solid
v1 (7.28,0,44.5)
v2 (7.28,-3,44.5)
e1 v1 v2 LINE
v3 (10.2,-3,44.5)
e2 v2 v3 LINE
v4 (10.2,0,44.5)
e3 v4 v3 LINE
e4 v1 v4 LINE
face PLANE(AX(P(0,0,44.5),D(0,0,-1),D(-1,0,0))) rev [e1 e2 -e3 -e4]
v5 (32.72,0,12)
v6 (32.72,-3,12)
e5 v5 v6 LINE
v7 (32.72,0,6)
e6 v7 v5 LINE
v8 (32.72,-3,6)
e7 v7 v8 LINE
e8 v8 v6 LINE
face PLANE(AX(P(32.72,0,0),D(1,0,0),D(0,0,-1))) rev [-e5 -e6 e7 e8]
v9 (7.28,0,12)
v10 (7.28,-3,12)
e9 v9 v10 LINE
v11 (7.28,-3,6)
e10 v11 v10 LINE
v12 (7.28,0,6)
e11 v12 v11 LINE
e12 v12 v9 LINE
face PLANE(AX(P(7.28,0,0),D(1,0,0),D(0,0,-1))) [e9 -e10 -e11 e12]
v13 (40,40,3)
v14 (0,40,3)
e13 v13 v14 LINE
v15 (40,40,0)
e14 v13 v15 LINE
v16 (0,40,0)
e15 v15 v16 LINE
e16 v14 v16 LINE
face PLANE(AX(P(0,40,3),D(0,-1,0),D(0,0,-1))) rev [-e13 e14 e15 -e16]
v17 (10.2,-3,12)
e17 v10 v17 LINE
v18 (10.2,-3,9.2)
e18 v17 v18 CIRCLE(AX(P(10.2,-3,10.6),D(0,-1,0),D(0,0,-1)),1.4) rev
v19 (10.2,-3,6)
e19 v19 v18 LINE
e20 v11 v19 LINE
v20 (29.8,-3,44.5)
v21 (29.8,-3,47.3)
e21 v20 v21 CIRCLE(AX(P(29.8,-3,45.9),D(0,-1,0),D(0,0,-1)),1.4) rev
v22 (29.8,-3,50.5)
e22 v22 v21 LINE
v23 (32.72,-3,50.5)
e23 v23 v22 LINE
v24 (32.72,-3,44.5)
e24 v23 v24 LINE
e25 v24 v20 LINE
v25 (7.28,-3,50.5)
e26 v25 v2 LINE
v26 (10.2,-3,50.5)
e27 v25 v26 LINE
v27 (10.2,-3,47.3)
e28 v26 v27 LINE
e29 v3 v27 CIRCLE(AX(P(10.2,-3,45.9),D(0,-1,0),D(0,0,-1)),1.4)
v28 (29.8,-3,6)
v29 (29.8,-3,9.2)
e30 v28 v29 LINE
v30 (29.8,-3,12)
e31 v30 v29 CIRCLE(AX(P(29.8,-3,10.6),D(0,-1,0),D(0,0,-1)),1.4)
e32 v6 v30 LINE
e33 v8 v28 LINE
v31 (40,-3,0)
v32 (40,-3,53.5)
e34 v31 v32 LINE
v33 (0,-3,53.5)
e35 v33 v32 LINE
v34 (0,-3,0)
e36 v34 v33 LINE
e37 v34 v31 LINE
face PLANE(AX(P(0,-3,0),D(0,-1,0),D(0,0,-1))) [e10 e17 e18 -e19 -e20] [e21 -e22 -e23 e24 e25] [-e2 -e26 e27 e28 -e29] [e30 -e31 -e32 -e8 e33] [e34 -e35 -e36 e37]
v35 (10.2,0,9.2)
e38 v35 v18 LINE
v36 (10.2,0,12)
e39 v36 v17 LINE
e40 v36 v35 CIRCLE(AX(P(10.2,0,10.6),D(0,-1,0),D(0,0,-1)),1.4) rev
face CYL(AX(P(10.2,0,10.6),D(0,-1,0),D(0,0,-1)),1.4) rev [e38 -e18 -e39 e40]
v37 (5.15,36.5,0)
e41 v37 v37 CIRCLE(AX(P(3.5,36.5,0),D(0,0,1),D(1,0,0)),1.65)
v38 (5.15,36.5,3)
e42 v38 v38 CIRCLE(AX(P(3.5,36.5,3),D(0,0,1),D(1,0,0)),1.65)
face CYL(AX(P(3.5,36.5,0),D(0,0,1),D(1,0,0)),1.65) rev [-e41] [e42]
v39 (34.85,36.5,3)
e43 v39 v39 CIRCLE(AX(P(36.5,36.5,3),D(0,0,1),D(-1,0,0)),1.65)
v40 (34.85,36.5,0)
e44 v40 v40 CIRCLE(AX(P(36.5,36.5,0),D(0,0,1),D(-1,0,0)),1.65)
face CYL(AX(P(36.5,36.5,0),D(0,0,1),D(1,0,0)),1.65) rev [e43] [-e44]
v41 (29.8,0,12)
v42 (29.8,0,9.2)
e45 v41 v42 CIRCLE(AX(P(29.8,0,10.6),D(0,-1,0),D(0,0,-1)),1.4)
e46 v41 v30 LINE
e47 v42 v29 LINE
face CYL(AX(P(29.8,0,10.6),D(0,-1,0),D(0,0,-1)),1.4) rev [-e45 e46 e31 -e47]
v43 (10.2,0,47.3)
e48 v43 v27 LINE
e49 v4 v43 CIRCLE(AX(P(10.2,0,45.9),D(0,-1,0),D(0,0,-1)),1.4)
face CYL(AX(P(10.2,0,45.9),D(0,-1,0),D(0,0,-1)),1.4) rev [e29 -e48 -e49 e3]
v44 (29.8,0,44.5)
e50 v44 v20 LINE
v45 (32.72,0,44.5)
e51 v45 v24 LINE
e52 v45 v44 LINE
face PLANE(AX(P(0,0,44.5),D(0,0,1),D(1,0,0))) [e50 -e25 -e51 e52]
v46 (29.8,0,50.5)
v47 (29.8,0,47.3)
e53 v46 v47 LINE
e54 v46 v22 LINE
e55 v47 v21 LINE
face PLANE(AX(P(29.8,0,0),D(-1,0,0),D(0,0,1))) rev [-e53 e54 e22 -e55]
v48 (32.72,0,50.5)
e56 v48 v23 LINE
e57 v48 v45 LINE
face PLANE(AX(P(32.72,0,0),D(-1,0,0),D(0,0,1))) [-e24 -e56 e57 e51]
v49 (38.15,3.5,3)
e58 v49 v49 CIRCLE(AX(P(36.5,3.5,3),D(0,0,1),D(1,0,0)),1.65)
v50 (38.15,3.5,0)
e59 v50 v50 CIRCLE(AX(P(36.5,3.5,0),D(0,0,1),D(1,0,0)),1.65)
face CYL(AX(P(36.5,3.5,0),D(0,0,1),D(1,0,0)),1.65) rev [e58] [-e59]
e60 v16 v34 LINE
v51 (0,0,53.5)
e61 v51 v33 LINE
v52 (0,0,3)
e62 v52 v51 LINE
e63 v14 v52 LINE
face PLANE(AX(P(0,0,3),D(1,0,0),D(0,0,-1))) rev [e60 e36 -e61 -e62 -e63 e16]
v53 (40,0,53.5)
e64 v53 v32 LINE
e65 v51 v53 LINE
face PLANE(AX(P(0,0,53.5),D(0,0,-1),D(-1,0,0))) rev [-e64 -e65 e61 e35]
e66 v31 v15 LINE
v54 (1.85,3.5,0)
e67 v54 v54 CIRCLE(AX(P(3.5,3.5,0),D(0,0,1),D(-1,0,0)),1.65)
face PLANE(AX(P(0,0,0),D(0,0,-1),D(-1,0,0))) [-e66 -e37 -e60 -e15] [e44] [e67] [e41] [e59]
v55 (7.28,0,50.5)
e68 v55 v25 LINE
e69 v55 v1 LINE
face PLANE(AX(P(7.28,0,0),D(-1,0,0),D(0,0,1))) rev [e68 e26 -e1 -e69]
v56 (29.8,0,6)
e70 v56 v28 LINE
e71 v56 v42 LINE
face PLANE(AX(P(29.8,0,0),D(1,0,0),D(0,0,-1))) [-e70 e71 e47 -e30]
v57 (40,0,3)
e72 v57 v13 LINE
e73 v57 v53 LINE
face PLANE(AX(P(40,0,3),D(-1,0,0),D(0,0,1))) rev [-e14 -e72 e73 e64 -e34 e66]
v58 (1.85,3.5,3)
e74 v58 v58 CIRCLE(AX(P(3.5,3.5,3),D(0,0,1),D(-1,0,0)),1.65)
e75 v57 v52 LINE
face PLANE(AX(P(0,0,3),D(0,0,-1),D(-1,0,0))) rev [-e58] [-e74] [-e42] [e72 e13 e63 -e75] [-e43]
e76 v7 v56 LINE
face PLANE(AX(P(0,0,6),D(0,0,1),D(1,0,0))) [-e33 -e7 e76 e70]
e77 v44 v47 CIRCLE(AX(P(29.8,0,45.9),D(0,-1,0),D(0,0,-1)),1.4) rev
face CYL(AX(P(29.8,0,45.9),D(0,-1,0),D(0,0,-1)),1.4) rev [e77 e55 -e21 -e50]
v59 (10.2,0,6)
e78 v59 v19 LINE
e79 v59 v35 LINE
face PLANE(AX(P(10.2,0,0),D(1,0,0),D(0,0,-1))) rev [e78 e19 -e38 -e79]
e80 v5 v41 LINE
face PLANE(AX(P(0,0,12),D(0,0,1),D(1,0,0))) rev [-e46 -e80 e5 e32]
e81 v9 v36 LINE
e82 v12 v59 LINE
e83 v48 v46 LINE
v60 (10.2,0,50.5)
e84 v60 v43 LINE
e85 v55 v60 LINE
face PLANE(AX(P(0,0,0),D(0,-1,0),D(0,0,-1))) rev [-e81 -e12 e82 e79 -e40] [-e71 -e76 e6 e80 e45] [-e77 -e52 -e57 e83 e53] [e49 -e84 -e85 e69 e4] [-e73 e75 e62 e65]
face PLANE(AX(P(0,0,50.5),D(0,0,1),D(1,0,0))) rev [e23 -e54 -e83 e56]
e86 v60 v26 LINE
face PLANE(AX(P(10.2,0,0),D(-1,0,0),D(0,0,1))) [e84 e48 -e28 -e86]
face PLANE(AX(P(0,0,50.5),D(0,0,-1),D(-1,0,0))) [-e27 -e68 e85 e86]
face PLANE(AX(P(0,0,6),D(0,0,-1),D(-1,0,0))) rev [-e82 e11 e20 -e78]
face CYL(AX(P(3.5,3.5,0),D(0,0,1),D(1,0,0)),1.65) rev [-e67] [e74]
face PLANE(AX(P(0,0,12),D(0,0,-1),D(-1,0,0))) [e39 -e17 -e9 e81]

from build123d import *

# Parameters (mm, degrees)
SKETCH1_W           = 40
SKETCH1_H           = 40
BOSS_EXTRUDE1_DEPTH = 3
SKETCH2_R           = 1.65
CUT_EXTRUDE1_DEPTH  = 3
SKETCH3_W           = 40
SKETCH3_H           = 3
BOSS_EXTRUDE2_DEPTH = 3
SKETCH4_W           = 40
SKETCH4_H           = 50.5
BOSS_EXTRUDE3_DEPTH = 3


with BuildPart() as part:
    # Sketch1 → Boss-Extrude1 (new body)
    with BuildSketch(Plane.XY):
        with Locations((20, 20)):
            Rectangle(SKETCH1_W, SKETCH1_H)
    extrude(amount=BOSS_EXTRUDE1_DEPTH)

    # Sketch2 → Cut-Extrude1 (cut)
    with BuildSketch(Plane.XY.offset(3)):
        with Locations((3.5, 36.5)):
            Circle(SKETCH2_R)
        with Locations(Location((36.5, 36.5, 0), (0, 0, 180))):
            Circle(SKETCH2_R)
        with Locations((36.5, 3.5)):
            Circle(SKETCH2_R)
        with Locations(Location((3.5, 3.5, 0), (0, 0, 180))):
            Circle(SKETCH2_R)
    extrude(amount=-CUT_EXTRUDE1_DEPTH, mode=Mode.SUBTRACT)

    # Sketch3 → Boss-Extrude2 (add)
    with BuildSketch(Plane.XY.offset(3)):
        with Locations((20, -1.5)):
            Rectangle(SKETCH3_W, SKETCH3_H)
    extrude(amount=-BOSS_EXTRUDE2_DEPTH)

    # Sketch4 → Boss-Extrude3 (add)
    with BuildSketch(Plane.XZ.offset(3)):
        with Locations((20, 28.25)):
            Rectangle(SKETCH4_W, SKETCH4_H)
        with BuildLine():
            Line((7.28, 50.5), (10.2, 50.5))
            Line((10.2, 50.5), (10.2, 47.3))
            ThreePointArc((10.2, 47.3), (11.6, 45.9), (10.2, 44.5))
            Line((10.2, 44.5), (7.28, 44.5))
            Line((7.28, 44.5), (7.28, 50.5))
        make_face(mode=Mode.SUBTRACT)
        with BuildLine():
            Line((32.72, 50.5), (32.72, 44.5))
            Line((32.72, 44.5), (29.8, 44.5))
            ThreePointArc((29.8, 44.5), (28.4, 45.9), (29.8, 47.3))
            Line((29.8, 47.3), (29.8, 50.5))
            Line((29.8, 50.5), (32.72, 50.5))
        make_face(mode=Mode.SUBTRACT)
        with BuildLine():
            Line((32.72, 6), (29.8, 6))
            Line((29.8, 6), (29.8, 9.2))
            ThreePointArc((29.8, 9.2), (28.4, 10.6), (29.8, 12))
            Line((29.8, 12), (32.72, 12))
            Line((32.72, 12), (32.72, 6))
        make_face(mode=Mode.SUBTRACT)
        with BuildLine():
            Line((7.28, 6), (7.28, 12))
            Line((7.28, 12), (10.2, 12))
            ThreePointArc((10.2, 12), (11.6, 10.6), (10.2, 9.2))
            Line((10.2, 9.2), (10.2, 6))
            Line((10.2, 6), (7.28, 6))
        make_face(mode=Mode.SUBTRACT)
    extrude(amount=-BOSS_EXTRUDE3_DEPTH)


solid = part.part
